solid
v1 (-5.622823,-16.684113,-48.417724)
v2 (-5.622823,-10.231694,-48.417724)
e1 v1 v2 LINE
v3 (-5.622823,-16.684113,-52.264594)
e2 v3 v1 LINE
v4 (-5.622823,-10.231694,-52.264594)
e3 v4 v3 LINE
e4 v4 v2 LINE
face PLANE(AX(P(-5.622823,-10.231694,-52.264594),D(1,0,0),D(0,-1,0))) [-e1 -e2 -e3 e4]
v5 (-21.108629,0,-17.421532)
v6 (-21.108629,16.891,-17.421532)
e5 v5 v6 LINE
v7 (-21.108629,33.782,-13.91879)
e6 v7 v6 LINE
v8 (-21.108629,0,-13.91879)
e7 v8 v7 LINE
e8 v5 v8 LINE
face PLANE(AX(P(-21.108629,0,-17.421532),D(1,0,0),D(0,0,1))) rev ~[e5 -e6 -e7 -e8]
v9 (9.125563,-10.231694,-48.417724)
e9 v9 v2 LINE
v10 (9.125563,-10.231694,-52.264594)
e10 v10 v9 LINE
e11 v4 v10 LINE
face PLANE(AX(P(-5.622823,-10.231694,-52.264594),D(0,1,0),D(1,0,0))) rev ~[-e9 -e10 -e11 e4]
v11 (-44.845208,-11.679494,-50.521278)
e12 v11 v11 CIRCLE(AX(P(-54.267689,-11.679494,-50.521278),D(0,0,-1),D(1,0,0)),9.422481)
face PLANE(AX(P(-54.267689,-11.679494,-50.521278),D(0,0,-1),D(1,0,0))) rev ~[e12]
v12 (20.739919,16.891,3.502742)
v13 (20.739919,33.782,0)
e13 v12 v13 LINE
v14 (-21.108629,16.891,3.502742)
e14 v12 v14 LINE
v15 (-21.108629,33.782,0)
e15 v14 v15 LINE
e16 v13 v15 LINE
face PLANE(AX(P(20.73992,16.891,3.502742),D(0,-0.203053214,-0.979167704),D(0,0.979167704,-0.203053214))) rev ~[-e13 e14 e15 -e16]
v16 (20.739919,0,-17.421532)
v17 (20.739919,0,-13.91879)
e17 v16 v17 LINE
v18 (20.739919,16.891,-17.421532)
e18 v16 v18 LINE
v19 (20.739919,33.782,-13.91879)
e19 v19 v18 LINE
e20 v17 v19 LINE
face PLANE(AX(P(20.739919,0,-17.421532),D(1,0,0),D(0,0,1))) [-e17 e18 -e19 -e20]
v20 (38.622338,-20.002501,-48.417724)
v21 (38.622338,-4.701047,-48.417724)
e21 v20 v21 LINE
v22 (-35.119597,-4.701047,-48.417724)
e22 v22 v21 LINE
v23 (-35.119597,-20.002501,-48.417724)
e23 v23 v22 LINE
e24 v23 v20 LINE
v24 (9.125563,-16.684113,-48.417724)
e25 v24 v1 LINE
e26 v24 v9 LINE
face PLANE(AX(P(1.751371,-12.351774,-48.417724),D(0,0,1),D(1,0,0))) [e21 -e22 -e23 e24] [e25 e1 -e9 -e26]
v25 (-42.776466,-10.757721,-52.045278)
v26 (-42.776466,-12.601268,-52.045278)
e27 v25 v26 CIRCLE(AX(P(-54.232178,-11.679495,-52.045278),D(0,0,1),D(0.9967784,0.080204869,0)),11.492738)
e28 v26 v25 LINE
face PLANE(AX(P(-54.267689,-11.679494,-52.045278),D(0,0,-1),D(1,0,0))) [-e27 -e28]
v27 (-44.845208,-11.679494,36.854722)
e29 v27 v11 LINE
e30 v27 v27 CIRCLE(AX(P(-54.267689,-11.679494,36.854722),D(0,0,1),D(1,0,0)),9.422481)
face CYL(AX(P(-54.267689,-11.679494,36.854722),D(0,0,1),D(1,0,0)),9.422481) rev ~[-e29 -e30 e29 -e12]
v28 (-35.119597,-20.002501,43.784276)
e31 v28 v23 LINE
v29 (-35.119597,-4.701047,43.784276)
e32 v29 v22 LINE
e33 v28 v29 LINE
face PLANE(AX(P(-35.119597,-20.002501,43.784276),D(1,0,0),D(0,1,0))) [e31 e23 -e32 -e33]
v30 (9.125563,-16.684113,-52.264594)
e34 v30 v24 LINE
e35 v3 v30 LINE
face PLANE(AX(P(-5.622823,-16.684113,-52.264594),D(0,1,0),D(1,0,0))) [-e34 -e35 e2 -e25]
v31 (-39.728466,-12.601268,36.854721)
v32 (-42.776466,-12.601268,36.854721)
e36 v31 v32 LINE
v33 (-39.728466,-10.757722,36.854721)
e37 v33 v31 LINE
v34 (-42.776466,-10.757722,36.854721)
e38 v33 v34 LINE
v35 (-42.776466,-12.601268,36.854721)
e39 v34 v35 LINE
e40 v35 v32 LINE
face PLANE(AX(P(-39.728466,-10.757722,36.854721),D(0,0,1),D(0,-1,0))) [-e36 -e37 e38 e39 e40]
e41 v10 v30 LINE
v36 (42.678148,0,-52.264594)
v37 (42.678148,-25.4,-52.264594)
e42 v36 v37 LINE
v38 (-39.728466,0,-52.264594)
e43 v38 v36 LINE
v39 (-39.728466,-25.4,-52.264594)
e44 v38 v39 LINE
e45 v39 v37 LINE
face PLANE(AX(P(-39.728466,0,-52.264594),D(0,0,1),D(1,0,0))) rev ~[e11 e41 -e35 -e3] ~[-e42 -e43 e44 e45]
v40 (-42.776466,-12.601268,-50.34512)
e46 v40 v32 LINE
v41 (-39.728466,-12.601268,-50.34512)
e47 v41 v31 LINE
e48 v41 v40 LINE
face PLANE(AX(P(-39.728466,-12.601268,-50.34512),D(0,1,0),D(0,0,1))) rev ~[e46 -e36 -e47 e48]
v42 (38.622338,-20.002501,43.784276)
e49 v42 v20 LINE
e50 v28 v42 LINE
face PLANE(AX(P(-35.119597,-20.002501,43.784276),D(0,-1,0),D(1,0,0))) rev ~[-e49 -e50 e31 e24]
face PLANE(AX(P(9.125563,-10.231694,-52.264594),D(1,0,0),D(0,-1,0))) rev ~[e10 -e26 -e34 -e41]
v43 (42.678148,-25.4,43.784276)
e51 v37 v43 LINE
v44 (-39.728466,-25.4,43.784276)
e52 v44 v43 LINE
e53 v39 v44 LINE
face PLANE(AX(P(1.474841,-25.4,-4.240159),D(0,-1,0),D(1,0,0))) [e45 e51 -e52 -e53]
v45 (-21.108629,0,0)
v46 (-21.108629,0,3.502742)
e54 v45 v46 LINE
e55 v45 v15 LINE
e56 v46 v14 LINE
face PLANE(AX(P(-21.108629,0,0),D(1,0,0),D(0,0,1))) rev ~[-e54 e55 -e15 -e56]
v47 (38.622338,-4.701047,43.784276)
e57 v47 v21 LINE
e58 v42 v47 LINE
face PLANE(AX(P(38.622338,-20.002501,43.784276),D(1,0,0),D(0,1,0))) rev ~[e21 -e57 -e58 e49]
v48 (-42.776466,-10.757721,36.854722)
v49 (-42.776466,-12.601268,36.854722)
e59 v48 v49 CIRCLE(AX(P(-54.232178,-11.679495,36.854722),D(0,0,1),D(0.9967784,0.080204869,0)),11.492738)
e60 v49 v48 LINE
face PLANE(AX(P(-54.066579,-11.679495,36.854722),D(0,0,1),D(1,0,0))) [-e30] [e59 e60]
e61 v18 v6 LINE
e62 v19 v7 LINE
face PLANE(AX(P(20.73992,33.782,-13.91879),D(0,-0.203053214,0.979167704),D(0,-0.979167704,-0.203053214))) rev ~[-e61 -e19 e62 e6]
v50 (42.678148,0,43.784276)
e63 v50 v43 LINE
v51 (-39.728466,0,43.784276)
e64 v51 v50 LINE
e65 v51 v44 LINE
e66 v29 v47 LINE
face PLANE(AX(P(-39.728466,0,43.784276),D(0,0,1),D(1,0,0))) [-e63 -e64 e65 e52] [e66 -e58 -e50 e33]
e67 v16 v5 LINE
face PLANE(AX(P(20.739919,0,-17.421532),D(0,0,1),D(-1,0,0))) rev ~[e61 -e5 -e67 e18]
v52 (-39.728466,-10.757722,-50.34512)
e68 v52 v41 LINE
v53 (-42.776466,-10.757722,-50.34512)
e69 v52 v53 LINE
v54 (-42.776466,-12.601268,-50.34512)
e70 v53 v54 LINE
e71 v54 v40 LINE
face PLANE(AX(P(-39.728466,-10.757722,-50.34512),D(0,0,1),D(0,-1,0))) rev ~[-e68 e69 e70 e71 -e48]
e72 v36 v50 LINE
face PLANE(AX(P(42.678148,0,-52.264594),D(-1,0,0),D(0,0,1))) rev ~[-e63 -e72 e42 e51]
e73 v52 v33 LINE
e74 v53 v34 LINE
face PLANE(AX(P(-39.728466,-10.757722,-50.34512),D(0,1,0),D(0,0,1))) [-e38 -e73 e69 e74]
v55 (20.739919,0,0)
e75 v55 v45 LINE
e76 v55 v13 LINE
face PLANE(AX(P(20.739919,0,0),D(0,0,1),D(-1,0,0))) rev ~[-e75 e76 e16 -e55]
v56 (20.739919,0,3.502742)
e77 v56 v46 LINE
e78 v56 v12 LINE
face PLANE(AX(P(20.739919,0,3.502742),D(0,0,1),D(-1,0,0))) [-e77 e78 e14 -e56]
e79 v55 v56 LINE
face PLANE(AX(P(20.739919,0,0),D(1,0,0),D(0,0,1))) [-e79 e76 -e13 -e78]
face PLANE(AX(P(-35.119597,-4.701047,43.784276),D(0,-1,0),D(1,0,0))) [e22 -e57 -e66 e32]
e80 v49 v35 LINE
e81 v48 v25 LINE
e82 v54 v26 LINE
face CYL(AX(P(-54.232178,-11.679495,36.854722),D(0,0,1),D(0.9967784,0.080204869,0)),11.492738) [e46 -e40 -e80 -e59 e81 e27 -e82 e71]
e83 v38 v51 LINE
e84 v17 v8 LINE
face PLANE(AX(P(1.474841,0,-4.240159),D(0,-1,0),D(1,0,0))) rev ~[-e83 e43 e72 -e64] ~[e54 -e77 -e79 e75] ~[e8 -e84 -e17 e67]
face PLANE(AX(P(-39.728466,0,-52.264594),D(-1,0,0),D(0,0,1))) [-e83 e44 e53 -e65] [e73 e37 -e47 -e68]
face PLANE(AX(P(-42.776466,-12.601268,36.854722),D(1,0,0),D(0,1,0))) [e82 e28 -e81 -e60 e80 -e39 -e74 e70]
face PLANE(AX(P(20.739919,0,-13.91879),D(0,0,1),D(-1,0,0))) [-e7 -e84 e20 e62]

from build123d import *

# Parameters (mm, degrees)
F0_W      = 82.406614
F0_H      = 96.04887
F1_DEPTH  = 25.4
F2_W      = 73.741935
F2_H      = 15.301453
F3_DEPTH  = 92.202
F4_W      = 41.848549
F4_H      = 3.502742
F5_DEPTH  = 33.782
F7_DEPTH  = 58.928
F9_DEPTH  = 50.292
F10_W     = 14.748386
F10_H     = 6.452419
F11_DEPTH = 25.4
F12_W     = 1.843547
F12_H     = 87.199841
F13_DEPTH = 3.048
F14_R     = 9.422481
F15_DEPTH = 88.9
F16_R     = 9.422481
F17_DEPTH = 1.524


with BuildPart() as f1:
    # F0 (on Front) → F1 (new body)
    with BuildSketch(Plane.XZ):
        with Locations((1.474841, -4.240159)):
            Rectangle(F0_W, F0_H)
    extrude(amount=F1_DEPTH)

    # F2 (on face) → F3 (cut)
    with BuildSketch(Plane.XY.offset(43.784276)):
        with Locations((1.751371, -12.351774)):
            Rectangle(F2_W, F2_H)
    extrude(amount=-F3_DEPTH, mode=Mode.SUBTRACT)

    # F4 (on face) → F5 (join)
    with BuildSketch(Plane(origin=(0, 0, 0), x_dir=(-1, 0, 0), z_dir=(0, 1, 0))):
        with Locations((0.184355, 1.751371)):
            Rectangle(F4_W, F4_H)
        with Locations((0.184355, -15.670161)):
            Rectangle(F4_W, F4_H)
    extrude(amount=F5_DEPTH)

    # F6 (on face) → F7 (cut)
    with BuildSketch(Plane.YZ.offset(20.73992)):
        Polygon((33.782, 3.502742), (16.891, 3.502742), (33.782, 0), align=None)
    extrude(amount=-F7_DEPTH, mode=Mode.SUBTRACT)

    # F8 (on face) → F9 (cut)
    with BuildSketch(Plane.YZ.offset(20.73992)):
        Polygon((33.782, -13.91879), (16.891, -17.421532), (33.782, -17.421532), align=None)
    extrude(amount=-F9_DEPTH, mode=Mode.SUBTRACT)

    # F10 (on face) → F11 (cut)
    with BuildSketch(Plane(origin=(0, 0, -52.264594), x_dir=(1, 0, 0), z_dir=(0, 0, -1))):
        with Locations((1.75137, 13.457904)):
            Rectangle(F10_W, F10_H)
    extrude(amount=-F11_DEPTH, mode=Mode.SUBTRACT)

    # F12 (on face) → F13 (join)
    with BuildSketch(Plane(origin=(-39.728466, 0, 0), x_dir=(0, -1, 0), z_dir=(-1, 0, 0))):
        with Locations((11.679495, -6.745199)):
            Rectangle(F12_W, F12_H)
    extrude(amount=F13_DEPTH)

    # F14 (on face) → F15 (join)
    with BuildSketch(Plane.XY.offset(36.854722)):
        with BuildLine():
            Line((-42.776466, -12.601268), (-42.776466, -10.757721))
            ThreePointArc((-42.776466, -10.757721), (-65.724916, -11.679494), (-42.776466, -12.601268))
        make_face()
        with Locations((-54.267689, -11.679494)):
            Circle(F14_R, mode=Mode.SUBTRACT)
    extrude(amount=-F15_DEPTH)

    # F16 (on face) → F17 (join)
    with BuildSketch(Plane(origin=(0, 0, -52.045278), x_dir=(1, 0, 0), z_dir=(0, 0, -1))):
        with Locations((-54.267689, 11.679494)):
            Circle(F16_R)
    extrude(amount=-F17_DEPTH)


solid = f1.part
